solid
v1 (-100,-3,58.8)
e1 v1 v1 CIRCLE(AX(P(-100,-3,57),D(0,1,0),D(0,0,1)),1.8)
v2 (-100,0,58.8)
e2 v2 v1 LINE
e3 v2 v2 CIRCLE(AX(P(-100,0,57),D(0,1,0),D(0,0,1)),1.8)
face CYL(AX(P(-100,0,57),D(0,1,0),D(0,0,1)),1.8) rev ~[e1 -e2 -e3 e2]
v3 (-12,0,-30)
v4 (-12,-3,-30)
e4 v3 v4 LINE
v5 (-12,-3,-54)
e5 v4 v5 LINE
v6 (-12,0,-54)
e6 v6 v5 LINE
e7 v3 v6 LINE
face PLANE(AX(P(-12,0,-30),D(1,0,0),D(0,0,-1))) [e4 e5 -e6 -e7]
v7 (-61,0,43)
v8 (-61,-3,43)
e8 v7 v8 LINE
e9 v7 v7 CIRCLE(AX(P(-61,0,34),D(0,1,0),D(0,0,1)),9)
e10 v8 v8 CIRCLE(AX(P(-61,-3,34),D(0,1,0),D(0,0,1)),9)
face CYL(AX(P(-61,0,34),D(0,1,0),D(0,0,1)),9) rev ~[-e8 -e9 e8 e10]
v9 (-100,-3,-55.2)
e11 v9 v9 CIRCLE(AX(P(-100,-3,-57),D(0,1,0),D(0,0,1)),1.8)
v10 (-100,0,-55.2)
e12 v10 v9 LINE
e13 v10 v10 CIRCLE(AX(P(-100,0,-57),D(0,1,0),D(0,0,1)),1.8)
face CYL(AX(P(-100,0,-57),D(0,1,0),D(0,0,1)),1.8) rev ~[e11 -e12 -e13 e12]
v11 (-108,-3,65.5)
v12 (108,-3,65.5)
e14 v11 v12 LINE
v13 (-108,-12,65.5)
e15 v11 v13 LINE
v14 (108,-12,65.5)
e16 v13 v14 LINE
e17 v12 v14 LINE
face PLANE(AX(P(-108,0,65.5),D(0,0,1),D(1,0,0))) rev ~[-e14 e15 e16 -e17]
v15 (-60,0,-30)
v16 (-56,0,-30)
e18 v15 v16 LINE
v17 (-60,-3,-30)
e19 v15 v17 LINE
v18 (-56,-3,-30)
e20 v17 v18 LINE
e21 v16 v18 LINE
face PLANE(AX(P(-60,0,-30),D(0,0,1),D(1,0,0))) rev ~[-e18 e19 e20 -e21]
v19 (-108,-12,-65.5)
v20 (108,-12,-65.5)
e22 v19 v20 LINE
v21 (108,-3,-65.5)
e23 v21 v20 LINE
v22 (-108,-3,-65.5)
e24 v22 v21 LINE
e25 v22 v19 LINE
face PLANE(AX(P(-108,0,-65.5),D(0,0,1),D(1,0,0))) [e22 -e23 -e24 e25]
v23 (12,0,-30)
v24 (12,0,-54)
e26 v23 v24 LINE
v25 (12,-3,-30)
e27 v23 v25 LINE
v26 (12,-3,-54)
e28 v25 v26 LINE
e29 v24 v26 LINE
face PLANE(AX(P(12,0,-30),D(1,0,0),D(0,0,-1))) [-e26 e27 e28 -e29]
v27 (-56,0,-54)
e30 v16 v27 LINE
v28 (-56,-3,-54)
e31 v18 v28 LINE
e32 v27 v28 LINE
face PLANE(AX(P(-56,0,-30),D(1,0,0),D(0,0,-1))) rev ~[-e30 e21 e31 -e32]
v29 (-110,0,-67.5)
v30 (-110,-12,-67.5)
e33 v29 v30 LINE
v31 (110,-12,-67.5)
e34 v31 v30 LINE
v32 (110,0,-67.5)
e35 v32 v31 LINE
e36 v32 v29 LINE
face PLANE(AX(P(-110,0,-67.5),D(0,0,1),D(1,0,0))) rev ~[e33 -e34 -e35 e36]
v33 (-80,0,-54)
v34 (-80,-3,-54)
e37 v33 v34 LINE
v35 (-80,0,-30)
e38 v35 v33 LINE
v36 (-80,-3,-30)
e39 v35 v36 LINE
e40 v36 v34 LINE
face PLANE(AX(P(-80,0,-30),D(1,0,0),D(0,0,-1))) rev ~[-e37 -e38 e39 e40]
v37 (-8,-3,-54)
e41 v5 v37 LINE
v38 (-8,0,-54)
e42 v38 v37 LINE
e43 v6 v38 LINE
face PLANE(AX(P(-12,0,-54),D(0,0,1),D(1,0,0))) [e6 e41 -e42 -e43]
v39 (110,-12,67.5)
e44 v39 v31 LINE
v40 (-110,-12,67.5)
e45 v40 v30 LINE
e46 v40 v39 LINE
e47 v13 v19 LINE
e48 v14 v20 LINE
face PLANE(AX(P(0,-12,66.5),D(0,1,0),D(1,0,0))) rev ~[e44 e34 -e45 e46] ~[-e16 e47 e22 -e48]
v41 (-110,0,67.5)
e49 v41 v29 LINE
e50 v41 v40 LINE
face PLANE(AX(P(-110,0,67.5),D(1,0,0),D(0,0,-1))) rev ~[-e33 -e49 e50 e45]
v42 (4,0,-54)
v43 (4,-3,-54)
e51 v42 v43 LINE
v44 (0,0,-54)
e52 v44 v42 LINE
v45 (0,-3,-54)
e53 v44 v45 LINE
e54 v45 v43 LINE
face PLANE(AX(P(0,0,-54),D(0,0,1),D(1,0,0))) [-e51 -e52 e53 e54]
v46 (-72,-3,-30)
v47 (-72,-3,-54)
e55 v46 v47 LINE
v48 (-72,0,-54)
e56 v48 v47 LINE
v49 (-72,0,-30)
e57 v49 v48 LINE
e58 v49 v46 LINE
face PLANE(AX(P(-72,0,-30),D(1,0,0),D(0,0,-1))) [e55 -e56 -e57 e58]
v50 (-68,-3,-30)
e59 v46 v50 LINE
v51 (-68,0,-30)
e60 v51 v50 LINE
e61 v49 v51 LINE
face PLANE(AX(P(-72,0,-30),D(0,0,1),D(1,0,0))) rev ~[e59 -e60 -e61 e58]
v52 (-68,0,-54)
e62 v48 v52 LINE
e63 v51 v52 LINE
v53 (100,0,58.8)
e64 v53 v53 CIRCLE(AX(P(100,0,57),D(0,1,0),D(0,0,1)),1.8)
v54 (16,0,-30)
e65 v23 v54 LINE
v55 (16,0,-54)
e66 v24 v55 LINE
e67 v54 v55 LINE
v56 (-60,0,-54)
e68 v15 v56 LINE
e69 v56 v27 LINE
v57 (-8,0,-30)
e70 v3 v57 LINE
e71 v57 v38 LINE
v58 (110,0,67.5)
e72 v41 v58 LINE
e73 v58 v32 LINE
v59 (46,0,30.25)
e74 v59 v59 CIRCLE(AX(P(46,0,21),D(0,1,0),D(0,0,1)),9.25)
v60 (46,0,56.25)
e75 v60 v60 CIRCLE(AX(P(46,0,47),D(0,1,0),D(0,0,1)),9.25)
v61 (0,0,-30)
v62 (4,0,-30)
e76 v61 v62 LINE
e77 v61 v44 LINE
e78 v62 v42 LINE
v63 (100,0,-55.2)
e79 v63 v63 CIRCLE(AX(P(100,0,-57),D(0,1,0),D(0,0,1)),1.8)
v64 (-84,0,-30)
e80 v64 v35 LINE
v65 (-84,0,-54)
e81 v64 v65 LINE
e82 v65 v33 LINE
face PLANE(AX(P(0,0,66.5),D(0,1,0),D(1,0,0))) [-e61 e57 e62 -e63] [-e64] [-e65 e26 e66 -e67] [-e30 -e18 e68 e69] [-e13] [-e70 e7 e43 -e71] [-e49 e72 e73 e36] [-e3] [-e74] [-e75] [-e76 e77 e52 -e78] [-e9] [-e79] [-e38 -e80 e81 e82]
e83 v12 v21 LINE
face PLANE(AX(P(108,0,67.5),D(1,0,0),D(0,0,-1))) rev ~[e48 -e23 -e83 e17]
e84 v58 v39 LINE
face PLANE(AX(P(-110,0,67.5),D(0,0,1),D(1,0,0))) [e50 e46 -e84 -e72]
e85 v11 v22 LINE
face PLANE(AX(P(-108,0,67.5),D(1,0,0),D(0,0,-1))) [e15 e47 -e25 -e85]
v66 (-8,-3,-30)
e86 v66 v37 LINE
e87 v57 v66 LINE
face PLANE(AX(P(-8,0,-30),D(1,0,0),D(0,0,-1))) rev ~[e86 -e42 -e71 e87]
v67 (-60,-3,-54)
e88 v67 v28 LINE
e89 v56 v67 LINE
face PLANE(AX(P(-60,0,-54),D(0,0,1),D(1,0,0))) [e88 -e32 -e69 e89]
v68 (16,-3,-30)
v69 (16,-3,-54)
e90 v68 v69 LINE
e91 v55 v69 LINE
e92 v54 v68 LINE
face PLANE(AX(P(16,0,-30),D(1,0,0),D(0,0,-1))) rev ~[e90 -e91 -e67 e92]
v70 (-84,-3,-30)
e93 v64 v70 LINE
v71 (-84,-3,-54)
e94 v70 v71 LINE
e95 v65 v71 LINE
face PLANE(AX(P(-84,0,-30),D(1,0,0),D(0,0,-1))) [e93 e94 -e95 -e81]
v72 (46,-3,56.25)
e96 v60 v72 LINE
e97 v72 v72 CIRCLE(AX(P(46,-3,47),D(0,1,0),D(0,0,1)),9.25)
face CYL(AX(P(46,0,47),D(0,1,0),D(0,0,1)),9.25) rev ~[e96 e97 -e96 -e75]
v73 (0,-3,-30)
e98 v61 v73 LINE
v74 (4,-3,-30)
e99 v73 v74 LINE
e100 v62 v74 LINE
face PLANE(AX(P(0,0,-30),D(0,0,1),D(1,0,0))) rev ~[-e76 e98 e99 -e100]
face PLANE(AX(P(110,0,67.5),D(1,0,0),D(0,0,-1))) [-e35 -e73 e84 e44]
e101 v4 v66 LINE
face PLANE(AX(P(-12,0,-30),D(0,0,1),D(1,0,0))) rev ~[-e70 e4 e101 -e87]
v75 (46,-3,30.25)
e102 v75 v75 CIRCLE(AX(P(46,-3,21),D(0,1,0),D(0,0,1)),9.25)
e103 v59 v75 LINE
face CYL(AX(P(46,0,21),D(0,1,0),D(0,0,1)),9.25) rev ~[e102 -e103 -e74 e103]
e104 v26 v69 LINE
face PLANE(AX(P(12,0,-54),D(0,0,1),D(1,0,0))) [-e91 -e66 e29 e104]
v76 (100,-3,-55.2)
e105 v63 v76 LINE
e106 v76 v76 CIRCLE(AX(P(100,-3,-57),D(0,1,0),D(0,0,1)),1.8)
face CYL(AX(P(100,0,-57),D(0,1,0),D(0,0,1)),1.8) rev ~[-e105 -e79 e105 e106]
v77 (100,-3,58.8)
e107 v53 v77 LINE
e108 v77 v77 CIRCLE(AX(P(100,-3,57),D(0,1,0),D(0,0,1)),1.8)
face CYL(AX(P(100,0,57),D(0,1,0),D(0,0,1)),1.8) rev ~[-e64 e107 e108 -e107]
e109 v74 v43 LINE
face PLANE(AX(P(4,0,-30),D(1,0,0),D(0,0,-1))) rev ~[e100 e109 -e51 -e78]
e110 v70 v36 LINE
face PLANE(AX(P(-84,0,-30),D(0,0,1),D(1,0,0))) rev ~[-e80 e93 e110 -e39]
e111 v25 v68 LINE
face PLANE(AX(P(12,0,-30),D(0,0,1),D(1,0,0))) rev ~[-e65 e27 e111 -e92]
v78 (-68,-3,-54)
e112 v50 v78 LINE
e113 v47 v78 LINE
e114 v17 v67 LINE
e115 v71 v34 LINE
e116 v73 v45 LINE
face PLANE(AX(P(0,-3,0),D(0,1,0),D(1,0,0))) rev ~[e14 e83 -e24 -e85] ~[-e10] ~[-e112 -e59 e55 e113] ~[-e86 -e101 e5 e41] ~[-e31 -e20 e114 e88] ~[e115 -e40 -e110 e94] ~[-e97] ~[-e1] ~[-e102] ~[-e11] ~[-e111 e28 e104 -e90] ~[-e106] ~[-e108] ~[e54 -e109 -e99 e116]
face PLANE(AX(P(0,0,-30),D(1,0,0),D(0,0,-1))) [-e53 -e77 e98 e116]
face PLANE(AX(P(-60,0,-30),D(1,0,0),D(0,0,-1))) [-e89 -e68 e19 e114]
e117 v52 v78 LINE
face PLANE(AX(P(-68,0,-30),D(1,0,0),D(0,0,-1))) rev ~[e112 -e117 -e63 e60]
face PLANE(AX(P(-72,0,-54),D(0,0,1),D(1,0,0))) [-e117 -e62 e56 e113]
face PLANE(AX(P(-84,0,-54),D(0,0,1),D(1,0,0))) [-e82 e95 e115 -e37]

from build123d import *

# Parameters (mm, degrees)
SKETCH_1_W                       = 220
SKETCH_1_H                       = 135
LID_TOP_3MM_DEPTH                = 3
SKETCH_2_W                       = 216
SKETCH_2_H                       = 2
LID_RIM_BACK_DEPTH               = 12
SKETCH_3_W                       = 216
SKETCH_3_H                       = 2
LID_RIM_FRONT_DEPTH              = 12
SKETCH_4_W                       = 2
SKETCH_4_H                       = 135
LID_RIM_LEFT_DEPTH               = 12
SKETCH_5_W                       = 2
SKETCH_5_H                       = 135
LID_RIM_RIGHT_DEPTH              = 12
SKETCH_6_R                       = 1.8
LID_SCREW_CLEARANCE_1_DEPTH      = 16
SKETCH_7_R                       = 1.8
LID_SCREW_CLEARANCE_2_DEPTH      = 16
SKETCH_8_R                       = 1.8
LID_SCREW_CLEARANCE_3_DEPTH      = 16
SKETCH_9_R                       = 1.8
LID_SCREW_CLEARANCE_4_DEPTH      = 16
SKETCH_10_R                      = 9
OV5647_LENS_OPENING_D18_DEPTH    = 4
SKETCH_11_R                      = 9.25
HC_SR04_ACOUSTIC_OPENING_1_DEPTH = 4
SKETCH_12_R                      = 9.25
HC_SR04_ACOUSTIC_OPENING_2_DEPTH = 4
SKETCH_13_W                      = 4
SKETCH_13_H                      = 24
VENT_SLOT_1_DEPTH                = 4
SKETCH_14_W                      = 4
SKETCH_14_H                      = 24
VENT_SLOT_2_DEPTH                = 4
SKETCH_15_W                      = 4
SKETCH_15_H                      = 24
VENT_SLOT_3_DEPTH                = 4
SKETCH_16_W                      = 4
SKETCH_16_H                      = 24
VENT_SLOT_4_DEPTH                = 4
SKETCH_17_W                      = 4
SKETCH_17_H                      = 24
VENT_SLOT_5_DEPTH                = 4
SKETCH_18_W                      = 4
SKETCH_18_H                      = 24
VENT_SLOT_6_DEPTH                = 4


with BuildPart() as part:
    # 草图1 → Lid_Top_3mm (new body)
    with BuildSketch(Plane(origin=(0, 0, 0), x_dir=(1, 0, 0), z_dir=(0, 1, 0))):
        Rectangle(SKETCH_1_W, SKETCH_1_H)
    extrude(amount=-LID_TOP_3MM_DEPTH)

    # 草图2 → Lid_Rim_Back (add)
    with BuildSketch(Plane(origin=(0, 0, 0), x_dir=(1, 0, 0), z_dir=(0, 1, 0))):
        with Locations((0, 66.5)):
            Rectangle(SKETCH_2_W, SKETCH_2_H)
    extrude(amount=-LID_RIM_BACK_DEPTH)

    # 草图3 → Lid_Rim_Front (add)
    with BuildSketch(Plane(origin=(0, 0, 0), x_dir=(1, 0, 0), z_dir=(0, 1, 0))):
        with Locations((0, -66.5)):
            Rectangle(SKETCH_3_W, SKETCH_3_H)
    extrude(amount=-LID_RIM_FRONT_DEPTH)

    # 草图4 → Lid_Rim_Left (add)
    with BuildSketch(Plane(origin=(0, 0, 0), x_dir=(1, 0, 0), z_dir=(0, 1, 0))):
        with Locations((-109, 0)):
            Rectangle(SKETCH_4_W, SKETCH_4_H)
    extrude(amount=-LID_RIM_LEFT_DEPTH)

    # 草图5 → Lid_Rim_Right (add)
    with BuildSketch(Plane(origin=(0, 0, 0), x_dir=(1, 0, 0), z_dir=(0, 1, 0))):
        with Locations((109, 0)):
            Rectangle(SKETCH_5_W, SKETCH_5_H)
    extrude(amount=-LID_RIM_RIGHT_DEPTH)

    # 草图6 → Lid_Screw_Clearance_1 (cut)
    with BuildSketch(Plane(origin=(0, 0, 0), x_dir=(1, 0, 0), z_dir=(0, 1, 0))):
        with Locations(Location((-100, -57, 0), (0, 0, 270))):
            Circle(SKETCH_6_R)
    extrude(amount=-LID_SCREW_CLEARANCE_1_DEPTH, mode=Mode.SUBTRACT)

    # 草图7 → Lid_Screw_Clearance_2 (cut)
    with BuildSketch(Plane(origin=(0, 0, 0), x_dir=(1, 0, 0), z_dir=(0, 1, 0))):
        with Locations(Location((100, -57, 0), (0, 0, 270))):
            Circle(SKETCH_7_R)
    extrude(amount=-LID_SCREW_CLEARANCE_2_DEPTH, mode=Mode.SUBTRACT)

    # 草图8 → Lid_Screw_Clearance_3 (cut)
    with BuildSketch(Plane(origin=(0, 0, 0), x_dir=(1, 0, 0), z_dir=(0, 1, 0))):
        with Locations(Location((-100, 57, 0), (0, 0, 270))):
            Circle(SKETCH_8_R)
    extrude(amount=-LID_SCREW_CLEARANCE_3_DEPTH, mode=Mode.SUBTRACT)

    # 草图9 → Lid_Screw_Clearance_4 (cut)
    with BuildSketch(Plane(origin=(0, 0, 0), x_dir=(1, 0, 0), z_dir=(0, 1, 0))):
        with Locations(Location((100, 57, 0), (0, 0, 270))):
            Circle(SKETCH_9_R)
    extrude(amount=-LID_SCREW_CLEARANCE_4_DEPTH, mode=Mode.SUBTRACT)

    # 草图10 → OV5647_Lens_Opening_D18 (cut)
    with BuildSketch(Plane(origin=(0, 0, 0), x_dir=(1, 0, 0), z_dir=(0, 1, 0))):
        with Locations(Location((-61, -34, 0), (0, 0, 270))):
            Circle(SKETCH_10_R)
    extrude(amount=-OV5647_LENS_OPENING_D18_DEPTH, mode=Mode.SUBTRACT)

    # 草图11 → HC_SR04_Acoustic_Opening_1 (cut)
    with BuildSketch(Plane(origin=(0, 0, 0), x_dir=(1, 0, 0), z_dir=(0, 1, 0))):
        with Locations(Location((46, -47, 0), (0, 0, 270))):
            Circle(SKETCH_11_R)
    extrude(amount=-HC_SR04_ACOUSTIC_OPENING_1_DEPTH, mode=Mode.SUBTRACT)

    # 草图12 → HC_SR04_Acoustic_Opening_2 (cut)
    with BuildSketch(Plane(origin=(0, 0, 0), x_dir=(1, 0, 0), z_dir=(0, 1, 0))):
        with Locations(Location((46, -21, 0), (0, 0, 270))):
            Circle(SKETCH_12_R)
    extrude(amount=-HC_SR04_ACOUSTIC_OPENING_2_DEPTH, mode=Mode.SUBTRACT)

    # 草图13 → Vent_Slot_1 (cut)
    with BuildSketch(Plane(origin=(0, 0, 0), x_dir=(1, 0, 0), z_dir=(0, 1, 0))):
        with Locations((-82, 42)):
            Rectangle(SKETCH_13_W, SKETCH_13_H)
    extrude(amount=-VENT_SLOT_1_DEPTH, mode=Mode.SUBTRACT)

    # 草图14 → Vent_Slot_2 (cut)
    with BuildSketch(Plane(origin=(0, 0, 0), x_dir=(1, 0, 0), z_dir=(0, 1, 0))):
        with Locations((-70, 42)):
            Rectangle(SKETCH_14_W, SKETCH_14_H)
    extrude(amount=-VENT_SLOT_2_DEPTH, mode=Mode.SUBTRACT)

    # 草图15 → Vent_Slot_3 (cut)
    with BuildSketch(Plane(origin=(0, 0, 0), x_dir=(1, 0, 0), z_dir=(0, 1, 0))):
        with Locations((-58, 42)):
            Rectangle(SKETCH_15_W, SKETCH_15_H)
    extrude(amount=-VENT_SLOT_3_DEPTH, mode=Mode.SUBTRACT)

    # 草图16 → Vent_Slot_4 (cut)
    with BuildSketch(Plane(origin=(0, 0, 0), x_dir=(1, 0, 0), z_dir=(0, 1, 0))):
        with Locations((-10, 42)):
            Rectangle(SKETCH_16_W, SKETCH_16_H)
    extrude(amount=-VENT_SLOT_4_DEPTH, mode=Mode.SUBTRACT)

    # 草图17 → Vent_Slot_5 (cut)
    with BuildSketch(Plane(origin=(0, 0, 0), x_dir=(1, 0, 0), z_dir=(0, 1, 0))):
        with Locations((2, 42)):
            Rectangle(SKETCH_17_W, SKETCH_17_H)
    extrude(amount=-VENT_SLOT_5_DEPTH, mode=Mode.SUBTRACT)

    # 草图18 → Vent_Slot_6 (cut)
    with BuildSketch(Plane(origin=(0, 0, 0), x_dir=(1, 0, 0), z_dir=(0, 1, 0))):
        with Locations((14, 42)):
            Rectangle(SKETCH_18_W, SKETCH_18_H)
    extrude(amount=-VENT_SLOT_6_DEPTH, mode=Mode.SUBTRACT)


solid = part.part
